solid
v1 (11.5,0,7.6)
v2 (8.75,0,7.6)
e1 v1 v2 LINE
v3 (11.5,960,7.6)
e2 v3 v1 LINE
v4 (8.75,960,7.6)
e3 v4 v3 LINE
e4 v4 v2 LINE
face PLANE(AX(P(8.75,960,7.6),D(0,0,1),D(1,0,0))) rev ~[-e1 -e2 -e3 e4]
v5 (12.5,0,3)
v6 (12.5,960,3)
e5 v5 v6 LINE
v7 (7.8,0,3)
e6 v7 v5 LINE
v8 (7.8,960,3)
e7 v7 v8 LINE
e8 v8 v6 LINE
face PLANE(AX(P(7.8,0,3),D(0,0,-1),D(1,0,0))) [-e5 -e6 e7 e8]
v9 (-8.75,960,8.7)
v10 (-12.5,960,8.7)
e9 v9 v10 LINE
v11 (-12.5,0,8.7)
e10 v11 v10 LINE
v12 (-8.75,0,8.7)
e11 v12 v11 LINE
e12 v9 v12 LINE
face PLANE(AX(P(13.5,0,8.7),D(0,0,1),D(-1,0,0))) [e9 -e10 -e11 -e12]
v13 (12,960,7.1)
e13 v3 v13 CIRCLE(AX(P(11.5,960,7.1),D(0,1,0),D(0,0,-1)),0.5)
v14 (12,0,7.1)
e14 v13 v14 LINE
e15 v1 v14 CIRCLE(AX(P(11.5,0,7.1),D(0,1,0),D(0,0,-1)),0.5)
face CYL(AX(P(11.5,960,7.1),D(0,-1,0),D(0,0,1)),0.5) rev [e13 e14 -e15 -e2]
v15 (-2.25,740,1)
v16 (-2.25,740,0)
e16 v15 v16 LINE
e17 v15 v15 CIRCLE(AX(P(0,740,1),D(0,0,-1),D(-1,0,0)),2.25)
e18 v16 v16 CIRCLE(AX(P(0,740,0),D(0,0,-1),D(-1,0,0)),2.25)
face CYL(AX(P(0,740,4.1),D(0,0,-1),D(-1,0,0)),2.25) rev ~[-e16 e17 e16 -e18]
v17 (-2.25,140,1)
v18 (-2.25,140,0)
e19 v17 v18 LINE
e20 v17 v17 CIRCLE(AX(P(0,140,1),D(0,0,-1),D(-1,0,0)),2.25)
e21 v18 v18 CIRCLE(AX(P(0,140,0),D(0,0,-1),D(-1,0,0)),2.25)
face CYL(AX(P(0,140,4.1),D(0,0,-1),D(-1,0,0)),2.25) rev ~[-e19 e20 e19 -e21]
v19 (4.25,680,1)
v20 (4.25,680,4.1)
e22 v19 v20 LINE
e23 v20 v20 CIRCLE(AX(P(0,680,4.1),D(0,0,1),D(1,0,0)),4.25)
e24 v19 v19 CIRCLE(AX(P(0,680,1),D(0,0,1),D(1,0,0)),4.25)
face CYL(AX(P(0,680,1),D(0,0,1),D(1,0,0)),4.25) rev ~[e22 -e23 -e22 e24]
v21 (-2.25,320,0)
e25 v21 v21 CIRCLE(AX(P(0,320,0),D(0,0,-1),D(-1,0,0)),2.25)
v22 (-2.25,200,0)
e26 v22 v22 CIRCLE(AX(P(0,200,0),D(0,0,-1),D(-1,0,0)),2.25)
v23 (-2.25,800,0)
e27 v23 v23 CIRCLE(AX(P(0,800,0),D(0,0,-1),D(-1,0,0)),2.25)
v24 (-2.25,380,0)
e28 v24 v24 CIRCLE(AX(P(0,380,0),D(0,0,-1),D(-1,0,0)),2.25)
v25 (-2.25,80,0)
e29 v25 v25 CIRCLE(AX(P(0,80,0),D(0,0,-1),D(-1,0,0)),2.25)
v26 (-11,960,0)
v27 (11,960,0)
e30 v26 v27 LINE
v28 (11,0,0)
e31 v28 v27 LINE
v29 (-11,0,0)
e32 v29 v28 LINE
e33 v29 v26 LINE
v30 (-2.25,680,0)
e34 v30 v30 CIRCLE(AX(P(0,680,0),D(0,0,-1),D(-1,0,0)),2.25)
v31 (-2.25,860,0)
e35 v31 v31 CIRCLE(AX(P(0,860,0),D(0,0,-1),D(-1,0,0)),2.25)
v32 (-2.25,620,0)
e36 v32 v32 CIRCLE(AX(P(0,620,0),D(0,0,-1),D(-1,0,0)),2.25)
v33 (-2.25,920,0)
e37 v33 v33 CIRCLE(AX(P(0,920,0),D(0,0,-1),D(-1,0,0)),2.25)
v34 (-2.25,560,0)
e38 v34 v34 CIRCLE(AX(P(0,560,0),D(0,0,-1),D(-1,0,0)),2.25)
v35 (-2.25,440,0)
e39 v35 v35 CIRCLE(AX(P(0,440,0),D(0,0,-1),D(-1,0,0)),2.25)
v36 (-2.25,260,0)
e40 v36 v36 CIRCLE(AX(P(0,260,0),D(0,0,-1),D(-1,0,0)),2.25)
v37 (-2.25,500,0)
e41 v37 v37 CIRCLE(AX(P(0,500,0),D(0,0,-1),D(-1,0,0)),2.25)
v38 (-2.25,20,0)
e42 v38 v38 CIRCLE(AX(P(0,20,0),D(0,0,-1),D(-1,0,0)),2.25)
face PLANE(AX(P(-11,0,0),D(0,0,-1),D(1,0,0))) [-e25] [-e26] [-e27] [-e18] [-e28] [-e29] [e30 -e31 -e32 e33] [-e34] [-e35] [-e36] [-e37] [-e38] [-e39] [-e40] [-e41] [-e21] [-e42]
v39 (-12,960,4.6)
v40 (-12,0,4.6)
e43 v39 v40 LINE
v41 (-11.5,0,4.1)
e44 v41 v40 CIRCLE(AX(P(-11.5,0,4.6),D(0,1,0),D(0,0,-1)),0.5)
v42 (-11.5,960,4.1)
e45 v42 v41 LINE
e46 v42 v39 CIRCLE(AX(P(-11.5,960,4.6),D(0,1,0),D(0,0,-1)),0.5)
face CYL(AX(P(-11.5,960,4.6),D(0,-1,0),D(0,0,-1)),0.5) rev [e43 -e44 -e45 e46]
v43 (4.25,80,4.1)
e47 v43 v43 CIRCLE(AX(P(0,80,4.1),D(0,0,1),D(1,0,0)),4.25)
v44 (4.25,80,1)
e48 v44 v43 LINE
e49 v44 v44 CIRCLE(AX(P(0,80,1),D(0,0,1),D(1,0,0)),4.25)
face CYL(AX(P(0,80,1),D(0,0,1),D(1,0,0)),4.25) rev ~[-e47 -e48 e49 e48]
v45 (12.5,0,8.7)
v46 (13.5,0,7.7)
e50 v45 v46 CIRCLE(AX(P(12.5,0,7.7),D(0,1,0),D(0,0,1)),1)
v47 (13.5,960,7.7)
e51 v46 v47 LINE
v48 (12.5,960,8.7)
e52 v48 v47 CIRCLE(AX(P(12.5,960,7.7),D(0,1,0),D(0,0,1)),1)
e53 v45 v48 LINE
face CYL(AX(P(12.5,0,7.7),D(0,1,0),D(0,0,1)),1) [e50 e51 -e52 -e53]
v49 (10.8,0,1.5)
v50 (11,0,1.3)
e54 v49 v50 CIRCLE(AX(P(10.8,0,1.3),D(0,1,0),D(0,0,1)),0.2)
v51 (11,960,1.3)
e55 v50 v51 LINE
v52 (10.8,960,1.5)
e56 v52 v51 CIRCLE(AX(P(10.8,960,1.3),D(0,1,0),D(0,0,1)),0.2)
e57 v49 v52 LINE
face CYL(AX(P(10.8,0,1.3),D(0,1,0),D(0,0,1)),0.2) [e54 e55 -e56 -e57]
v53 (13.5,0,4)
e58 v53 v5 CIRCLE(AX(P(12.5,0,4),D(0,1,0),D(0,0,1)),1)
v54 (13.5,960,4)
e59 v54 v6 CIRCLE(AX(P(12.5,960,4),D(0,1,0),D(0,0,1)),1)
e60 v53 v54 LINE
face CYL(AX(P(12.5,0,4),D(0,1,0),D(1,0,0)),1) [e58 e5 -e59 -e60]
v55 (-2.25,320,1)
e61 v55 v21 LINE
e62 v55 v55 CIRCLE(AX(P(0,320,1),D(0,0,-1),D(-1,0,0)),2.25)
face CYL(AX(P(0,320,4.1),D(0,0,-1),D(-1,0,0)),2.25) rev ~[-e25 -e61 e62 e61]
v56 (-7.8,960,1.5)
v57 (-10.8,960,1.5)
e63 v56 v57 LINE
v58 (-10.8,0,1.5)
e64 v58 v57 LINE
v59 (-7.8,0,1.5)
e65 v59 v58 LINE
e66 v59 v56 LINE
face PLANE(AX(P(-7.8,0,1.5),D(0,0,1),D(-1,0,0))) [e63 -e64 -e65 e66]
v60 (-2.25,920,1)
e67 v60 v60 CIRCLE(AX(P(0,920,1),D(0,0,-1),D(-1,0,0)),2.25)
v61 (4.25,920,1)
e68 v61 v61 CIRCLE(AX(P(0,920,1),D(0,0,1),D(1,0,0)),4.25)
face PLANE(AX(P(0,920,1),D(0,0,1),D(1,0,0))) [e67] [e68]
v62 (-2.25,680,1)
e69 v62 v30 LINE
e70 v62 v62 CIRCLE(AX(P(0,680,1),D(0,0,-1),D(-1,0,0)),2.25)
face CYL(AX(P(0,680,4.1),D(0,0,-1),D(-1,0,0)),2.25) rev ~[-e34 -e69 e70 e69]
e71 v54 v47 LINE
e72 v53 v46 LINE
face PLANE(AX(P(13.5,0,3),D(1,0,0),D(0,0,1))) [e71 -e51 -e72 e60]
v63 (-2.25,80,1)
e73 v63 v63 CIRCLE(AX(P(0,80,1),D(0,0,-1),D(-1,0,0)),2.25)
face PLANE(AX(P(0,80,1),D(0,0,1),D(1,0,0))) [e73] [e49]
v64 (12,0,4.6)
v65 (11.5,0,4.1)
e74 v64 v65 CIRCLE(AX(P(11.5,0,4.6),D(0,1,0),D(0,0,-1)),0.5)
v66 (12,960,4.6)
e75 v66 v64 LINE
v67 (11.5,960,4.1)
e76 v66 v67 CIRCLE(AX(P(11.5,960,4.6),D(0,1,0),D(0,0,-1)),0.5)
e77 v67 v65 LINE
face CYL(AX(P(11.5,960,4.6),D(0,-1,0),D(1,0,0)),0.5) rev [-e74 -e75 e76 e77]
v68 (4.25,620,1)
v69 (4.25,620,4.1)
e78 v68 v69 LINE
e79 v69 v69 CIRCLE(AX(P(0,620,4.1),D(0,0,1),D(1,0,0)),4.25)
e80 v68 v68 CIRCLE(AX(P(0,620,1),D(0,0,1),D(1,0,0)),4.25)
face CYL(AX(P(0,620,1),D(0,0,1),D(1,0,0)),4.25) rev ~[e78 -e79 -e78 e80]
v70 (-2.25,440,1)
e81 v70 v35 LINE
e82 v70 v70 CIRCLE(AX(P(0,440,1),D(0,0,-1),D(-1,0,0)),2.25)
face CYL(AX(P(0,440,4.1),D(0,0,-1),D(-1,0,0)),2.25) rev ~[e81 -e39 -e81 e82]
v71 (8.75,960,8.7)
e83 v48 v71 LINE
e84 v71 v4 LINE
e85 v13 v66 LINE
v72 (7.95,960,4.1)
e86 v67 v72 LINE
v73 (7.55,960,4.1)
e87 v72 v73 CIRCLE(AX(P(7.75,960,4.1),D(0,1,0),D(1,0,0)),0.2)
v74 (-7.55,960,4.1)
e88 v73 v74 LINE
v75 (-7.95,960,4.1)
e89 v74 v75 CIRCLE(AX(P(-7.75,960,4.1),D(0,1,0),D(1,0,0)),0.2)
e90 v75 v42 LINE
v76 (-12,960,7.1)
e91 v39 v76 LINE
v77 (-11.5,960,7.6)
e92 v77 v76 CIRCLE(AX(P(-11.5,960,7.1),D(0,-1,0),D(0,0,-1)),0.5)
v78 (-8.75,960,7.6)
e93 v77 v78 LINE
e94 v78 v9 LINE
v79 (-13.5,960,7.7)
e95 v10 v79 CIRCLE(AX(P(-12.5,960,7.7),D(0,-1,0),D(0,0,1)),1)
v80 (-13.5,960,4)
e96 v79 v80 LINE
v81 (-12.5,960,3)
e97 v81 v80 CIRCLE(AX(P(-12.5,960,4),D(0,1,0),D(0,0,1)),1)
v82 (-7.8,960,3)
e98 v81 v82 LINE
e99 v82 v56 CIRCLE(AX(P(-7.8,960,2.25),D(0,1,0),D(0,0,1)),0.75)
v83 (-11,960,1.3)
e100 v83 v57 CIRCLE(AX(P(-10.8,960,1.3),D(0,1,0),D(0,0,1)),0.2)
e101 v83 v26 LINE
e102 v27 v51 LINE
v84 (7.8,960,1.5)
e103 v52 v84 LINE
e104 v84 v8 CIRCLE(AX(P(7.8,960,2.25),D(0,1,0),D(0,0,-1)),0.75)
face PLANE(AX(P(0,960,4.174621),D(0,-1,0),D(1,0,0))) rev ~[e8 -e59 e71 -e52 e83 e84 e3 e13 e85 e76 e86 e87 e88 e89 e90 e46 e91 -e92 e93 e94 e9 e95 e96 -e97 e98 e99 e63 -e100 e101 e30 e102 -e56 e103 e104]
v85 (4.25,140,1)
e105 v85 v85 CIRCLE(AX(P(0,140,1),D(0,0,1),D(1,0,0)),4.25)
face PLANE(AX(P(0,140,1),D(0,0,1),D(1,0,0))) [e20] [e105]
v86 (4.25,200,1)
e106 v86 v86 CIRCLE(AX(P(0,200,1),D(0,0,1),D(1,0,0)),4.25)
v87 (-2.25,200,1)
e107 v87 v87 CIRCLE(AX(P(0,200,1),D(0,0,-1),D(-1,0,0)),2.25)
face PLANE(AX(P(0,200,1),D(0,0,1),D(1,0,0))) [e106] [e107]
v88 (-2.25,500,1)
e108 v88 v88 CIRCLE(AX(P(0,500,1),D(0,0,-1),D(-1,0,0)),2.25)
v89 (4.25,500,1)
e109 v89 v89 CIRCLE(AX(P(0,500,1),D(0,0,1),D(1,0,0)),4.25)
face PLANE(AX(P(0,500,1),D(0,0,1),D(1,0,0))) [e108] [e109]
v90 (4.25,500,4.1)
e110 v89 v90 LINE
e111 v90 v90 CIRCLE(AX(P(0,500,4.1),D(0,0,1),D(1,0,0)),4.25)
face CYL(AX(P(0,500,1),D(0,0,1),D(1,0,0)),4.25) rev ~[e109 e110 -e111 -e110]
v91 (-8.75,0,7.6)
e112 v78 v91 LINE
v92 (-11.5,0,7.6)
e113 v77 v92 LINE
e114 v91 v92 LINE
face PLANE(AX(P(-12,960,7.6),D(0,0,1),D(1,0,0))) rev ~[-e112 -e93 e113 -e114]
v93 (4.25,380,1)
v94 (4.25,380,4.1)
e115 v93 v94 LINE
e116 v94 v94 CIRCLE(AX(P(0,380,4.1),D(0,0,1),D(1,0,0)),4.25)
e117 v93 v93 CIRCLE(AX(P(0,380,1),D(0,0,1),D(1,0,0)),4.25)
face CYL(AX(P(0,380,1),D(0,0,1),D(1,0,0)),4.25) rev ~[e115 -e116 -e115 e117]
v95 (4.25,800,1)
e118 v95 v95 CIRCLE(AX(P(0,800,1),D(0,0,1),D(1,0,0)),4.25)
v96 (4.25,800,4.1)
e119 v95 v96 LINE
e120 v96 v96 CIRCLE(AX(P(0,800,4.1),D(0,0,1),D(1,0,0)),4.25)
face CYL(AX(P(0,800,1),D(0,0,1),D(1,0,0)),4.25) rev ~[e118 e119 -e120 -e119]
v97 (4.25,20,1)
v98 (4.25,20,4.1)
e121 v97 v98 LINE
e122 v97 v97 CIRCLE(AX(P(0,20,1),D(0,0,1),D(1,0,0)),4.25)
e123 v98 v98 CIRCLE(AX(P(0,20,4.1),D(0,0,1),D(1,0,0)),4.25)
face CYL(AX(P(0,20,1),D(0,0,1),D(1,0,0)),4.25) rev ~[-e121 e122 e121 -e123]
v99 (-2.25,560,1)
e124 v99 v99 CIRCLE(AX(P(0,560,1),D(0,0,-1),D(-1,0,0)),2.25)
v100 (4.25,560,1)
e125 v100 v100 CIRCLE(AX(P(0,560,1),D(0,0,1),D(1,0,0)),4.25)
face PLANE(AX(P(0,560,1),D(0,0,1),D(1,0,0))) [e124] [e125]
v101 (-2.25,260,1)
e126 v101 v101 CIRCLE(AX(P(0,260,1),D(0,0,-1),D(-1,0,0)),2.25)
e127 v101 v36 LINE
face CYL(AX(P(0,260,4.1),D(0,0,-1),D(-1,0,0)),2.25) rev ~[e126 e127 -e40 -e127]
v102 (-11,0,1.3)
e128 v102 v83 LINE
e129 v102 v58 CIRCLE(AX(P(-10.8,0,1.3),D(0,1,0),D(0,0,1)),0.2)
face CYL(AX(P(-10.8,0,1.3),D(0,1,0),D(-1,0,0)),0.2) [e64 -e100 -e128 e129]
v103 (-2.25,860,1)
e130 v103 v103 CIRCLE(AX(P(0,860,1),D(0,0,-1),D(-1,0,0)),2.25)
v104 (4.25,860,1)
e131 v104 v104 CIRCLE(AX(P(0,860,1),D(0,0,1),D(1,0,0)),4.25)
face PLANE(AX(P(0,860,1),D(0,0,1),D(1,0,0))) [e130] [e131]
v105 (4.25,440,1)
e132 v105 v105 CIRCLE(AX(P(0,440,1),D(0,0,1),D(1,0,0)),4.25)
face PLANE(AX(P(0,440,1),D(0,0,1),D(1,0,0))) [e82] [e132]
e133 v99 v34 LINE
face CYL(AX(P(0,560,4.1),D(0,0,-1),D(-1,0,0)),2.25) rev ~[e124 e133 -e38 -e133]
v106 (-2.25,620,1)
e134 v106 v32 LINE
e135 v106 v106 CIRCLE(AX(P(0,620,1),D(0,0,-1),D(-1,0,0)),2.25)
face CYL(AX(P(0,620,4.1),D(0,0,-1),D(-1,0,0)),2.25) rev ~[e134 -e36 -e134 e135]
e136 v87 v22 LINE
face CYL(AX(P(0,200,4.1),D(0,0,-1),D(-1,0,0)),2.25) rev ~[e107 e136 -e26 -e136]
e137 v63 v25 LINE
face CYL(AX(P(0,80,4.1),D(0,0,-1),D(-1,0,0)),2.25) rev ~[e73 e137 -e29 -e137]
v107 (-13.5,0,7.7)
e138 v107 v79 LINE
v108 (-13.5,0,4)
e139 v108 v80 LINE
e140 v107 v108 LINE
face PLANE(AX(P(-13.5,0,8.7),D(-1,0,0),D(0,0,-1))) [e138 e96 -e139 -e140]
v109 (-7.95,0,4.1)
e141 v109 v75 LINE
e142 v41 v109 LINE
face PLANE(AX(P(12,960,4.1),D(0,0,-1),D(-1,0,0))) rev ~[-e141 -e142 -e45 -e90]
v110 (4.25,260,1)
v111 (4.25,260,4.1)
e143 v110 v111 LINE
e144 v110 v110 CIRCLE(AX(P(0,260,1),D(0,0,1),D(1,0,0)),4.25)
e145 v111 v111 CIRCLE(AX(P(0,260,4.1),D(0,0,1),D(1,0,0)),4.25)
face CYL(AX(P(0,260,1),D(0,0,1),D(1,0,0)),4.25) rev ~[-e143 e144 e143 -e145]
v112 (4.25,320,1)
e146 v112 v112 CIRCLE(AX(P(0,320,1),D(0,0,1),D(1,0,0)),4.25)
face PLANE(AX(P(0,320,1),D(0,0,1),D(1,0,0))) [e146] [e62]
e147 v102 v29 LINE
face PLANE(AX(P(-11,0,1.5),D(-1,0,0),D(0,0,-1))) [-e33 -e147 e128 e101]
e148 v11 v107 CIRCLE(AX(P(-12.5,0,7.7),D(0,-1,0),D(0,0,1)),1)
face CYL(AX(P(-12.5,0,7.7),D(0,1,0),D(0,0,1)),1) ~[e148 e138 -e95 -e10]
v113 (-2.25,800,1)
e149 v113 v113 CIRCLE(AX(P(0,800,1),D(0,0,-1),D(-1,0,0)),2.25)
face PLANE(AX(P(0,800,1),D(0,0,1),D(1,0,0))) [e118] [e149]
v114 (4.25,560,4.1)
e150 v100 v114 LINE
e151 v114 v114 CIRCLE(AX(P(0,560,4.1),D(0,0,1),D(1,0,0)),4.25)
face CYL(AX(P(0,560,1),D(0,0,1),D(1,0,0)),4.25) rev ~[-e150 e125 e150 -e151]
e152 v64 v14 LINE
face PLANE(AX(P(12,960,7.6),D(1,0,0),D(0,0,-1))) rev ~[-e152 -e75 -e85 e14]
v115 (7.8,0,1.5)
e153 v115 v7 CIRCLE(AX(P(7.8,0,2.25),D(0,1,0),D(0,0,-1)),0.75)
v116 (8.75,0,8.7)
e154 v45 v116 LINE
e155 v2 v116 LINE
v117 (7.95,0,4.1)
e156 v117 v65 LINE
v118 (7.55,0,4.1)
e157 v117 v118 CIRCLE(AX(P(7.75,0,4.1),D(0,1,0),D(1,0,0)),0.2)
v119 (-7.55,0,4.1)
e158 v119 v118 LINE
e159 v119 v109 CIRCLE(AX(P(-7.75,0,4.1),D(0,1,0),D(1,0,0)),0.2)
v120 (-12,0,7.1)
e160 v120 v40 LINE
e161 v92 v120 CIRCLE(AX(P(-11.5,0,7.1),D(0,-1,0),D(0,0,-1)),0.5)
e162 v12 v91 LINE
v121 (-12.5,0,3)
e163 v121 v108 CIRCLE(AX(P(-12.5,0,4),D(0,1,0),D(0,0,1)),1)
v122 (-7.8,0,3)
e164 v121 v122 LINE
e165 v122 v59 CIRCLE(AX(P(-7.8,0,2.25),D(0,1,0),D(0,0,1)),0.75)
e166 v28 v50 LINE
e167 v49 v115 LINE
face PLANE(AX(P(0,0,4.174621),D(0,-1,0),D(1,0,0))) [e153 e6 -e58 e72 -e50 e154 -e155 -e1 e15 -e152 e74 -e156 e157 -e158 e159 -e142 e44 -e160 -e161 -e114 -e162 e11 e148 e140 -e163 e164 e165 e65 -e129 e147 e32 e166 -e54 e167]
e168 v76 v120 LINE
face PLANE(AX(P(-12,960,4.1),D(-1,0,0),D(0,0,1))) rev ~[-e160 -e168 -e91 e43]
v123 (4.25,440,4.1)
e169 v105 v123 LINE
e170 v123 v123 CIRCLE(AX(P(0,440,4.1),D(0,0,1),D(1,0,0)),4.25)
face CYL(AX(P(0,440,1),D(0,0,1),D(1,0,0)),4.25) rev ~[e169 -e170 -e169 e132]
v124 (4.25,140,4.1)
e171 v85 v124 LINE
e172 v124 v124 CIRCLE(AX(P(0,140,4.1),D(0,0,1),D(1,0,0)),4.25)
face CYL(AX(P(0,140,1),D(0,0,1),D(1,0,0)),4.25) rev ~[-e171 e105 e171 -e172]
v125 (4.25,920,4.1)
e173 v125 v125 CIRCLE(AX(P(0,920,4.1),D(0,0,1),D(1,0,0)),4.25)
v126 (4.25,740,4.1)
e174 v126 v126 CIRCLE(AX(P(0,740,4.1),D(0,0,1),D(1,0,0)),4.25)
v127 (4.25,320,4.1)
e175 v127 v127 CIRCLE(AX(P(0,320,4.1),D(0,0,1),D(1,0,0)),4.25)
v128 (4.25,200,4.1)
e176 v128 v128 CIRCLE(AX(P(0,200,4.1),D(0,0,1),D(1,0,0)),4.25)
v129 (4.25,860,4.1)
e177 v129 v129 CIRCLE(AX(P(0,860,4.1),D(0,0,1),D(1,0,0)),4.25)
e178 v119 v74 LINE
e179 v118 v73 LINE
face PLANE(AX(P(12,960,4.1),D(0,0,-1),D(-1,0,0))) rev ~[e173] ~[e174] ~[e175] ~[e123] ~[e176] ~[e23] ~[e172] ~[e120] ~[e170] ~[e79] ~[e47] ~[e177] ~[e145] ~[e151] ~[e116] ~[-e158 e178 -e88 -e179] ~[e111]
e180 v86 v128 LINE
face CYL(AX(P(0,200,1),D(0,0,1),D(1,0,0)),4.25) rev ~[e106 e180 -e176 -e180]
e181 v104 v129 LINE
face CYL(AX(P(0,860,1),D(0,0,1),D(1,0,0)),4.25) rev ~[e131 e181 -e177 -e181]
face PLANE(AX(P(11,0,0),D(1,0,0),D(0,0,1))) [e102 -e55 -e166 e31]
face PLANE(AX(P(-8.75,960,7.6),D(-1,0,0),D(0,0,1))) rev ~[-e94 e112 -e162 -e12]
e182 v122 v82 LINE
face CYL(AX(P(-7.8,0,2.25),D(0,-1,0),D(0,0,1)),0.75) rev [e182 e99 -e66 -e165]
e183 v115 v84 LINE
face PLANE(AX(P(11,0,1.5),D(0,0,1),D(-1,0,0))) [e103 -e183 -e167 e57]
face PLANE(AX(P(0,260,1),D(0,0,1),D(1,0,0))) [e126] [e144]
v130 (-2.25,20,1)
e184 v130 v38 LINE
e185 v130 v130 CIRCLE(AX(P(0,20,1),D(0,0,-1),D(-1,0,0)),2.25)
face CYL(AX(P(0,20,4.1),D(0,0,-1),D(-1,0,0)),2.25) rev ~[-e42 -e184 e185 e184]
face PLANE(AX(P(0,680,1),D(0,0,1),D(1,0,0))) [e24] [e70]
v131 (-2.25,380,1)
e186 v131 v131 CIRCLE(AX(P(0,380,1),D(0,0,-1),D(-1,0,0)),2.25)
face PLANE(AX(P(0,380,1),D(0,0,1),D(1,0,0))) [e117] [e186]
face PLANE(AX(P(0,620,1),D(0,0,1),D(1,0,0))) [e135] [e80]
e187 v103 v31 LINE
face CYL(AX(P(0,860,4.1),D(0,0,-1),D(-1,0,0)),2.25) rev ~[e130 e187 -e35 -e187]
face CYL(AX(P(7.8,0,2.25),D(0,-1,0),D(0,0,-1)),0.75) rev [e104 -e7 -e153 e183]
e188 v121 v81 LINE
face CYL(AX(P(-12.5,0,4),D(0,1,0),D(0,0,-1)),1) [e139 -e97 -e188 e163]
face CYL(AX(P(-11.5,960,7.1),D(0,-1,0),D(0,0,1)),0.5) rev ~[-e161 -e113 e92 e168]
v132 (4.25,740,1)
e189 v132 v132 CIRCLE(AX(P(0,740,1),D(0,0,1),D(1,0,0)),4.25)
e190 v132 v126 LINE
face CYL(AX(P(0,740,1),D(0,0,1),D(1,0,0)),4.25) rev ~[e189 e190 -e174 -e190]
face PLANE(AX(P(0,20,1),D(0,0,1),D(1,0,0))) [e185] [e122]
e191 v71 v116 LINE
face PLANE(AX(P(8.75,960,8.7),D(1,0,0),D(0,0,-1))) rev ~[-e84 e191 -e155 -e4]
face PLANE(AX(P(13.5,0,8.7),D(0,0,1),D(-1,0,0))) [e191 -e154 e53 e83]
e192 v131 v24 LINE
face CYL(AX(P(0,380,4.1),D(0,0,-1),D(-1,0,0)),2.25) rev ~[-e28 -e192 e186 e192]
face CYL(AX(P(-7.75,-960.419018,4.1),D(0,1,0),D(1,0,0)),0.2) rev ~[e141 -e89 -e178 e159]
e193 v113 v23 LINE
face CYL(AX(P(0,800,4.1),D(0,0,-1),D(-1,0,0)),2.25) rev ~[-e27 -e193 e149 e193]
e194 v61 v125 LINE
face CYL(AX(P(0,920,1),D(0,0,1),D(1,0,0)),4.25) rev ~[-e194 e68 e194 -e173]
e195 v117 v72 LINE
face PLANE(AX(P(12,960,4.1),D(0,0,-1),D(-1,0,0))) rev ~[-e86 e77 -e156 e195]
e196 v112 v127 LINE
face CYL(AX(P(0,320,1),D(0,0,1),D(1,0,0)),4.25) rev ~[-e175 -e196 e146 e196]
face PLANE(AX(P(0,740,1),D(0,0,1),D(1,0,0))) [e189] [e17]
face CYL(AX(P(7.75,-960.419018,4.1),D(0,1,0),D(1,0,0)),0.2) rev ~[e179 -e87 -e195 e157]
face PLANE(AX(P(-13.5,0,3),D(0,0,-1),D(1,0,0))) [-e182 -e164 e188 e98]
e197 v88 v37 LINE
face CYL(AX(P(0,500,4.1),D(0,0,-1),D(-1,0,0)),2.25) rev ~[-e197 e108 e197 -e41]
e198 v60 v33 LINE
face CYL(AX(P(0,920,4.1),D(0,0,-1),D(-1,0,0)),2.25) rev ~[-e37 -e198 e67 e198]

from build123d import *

# Parameters (mm, degrees)
BOSS_EXTRU_1_DEPTH                                 = 960
ENL_V_MAT_EXTRU_1_DEPTH                            = 961.134334351
DIAM_TRE_DU_PER_AGE_0_4_0_4_1_D                    = 0.4
CHAMBRAGE_POUR_VIS_T_TE_HEXAGONALE_M41_D           = 4.5
CHAMBRAGE_POUR_VIS_T_TE_HEXAGONALE_M41_CBORE_D     = 8.5
CHAMBRAGE_POUR_VIS_T_TE_HEXAGONALE_M41_CBORE_DEPTH = 3.1
CONG_1_R                                           = 0.2
CONG_2_R                                           = 0.5
CONG_3_R                                           = 1
R_P_TITION_LIN_AIRE1_COUNT                         = 16
R_P_TITION_LIN_AIRE1_PITCH                         = 60


with BuildPart() as part:
    # Esquisse1 → Boss.-Extru.1 (new body)
    with BuildSketch(Plane.XZ):
        with BuildLine():
            Line((13.5, 3), (13.5, 8.7))
            Line((13.5, 8.7), (-13.5, 8.7))
            Line((-13.5, 8.7), (-13.5, 3))
            Line((-13.5, 3), (-7.8, 3))
            ThreePointArc((-7.8, 3), (-7.05, 2.25), (-7.8, 1.5))
            Line((-7.8, 1.5), (-11, 1.5))
            Line((-11, 1.5), (-11, 0))
            Line((-11, 0), (11, 0))
            Line((11, 0), (11, 1.5))
            Line((11, 1.5), (7.8, 1.5))
            ThreePointArc((7.8, 1.5), (7.05, 2.25), (7.8, 3))
            Line((7.8, 3), (13.5, 3))
        make_face()
    extrude(amount=-BOSS_EXTRU_1_DEPTH)

    # Esquisse2 → Enlèv. mat.-Extru.1 (cut, through all)
    with BuildSketch(Plane(origin=(0, 960, 0), x_dir=(-1, 0, 0), z_dir=(0, 1, 0))):
        Polygon((8.75, 8.7), (-8.75, 8.7), (-8.75, 7.6), (-12, 7.6), (-12, 4.1), (12, 4.1), (12, 7.6), (8.75, 7.6), align=None)
    extrude(amount=-ENL_V_MAT_EXTRU_1_DEPTH, mode=Mode.SUBTRACT)

    # Diamètre du perçage Ø0.4 (0.4)1 (through all)
    with Locations(Plane(origin=(0, 0, 0), x_dir=(-1, 0, 0), z_dir=(0, -1, 0))):
        with Locations((7.75, -4.1), (-7.75, -4.1)):
            Hole(DIAM_TRE_DU_PER_AGE_0_4_0_4_1_D / 2)

    # Chambrage pour vis à tête hexagonale M41 (through all)
    with Locations(Plane.XY.offset(4.1)):
        with Locations((0, 20), (0, 80)):
            chambrage_pour_vis_t_te_hexagonale_m41 = CounterBoreHole(CHAMBRAGE_POUR_VIS_T_TE_HEXAGONALE_M41_D / 2, CHAMBRAGE_POUR_VIS_T_TE_HEXAGONALE_M41_CBORE_D / 2, CHAMBRAGE_POUR_VIS_T_TE_HEXAGONALE_M41_CBORE_DEPTH)

    # Congé1
    cong_1_edges = [part.edges().sort_by_distance(p)[0] for p in [
        (11, 480, 1.5),
        (-11, 480, 1.5),
    ]]
    fillet(cong_1_edges, radius=CONG_1_R)

    # Congé2
    cong_2_edges = [part.edges().sort_by_distance(p)[0] for p in [
        (-12, 480, 7.6),
        (-12, 480, 4.1),
        (12, 480, 4.1),
        (12, 480, 7.6),
    ]]
    fillet(cong_2_edges, radius=CONG_2_R)

    # Congé3
    cong_3_edges = [part.edges().sort_by_distance(p)[0] for p in [
        (-13.5, 480, 3),
        (-13.5, 480, 8.7),
        (13.5, 480, 8.7),
        (13.5, 480, 3),
    ]]
    fillet(cong_3_edges, radius=CONG_3_R)

    # Répétition linéaire1: Chambrage pour vis à tête hexagonale M41 ×16
    with Locations(*[(0, i * R_P_TITION_LIN_AIRE1_PITCH, 0) for i in range(1, R_P_TITION_LIN_AIRE1_COUNT)]):
        add(chambrage_pour_vis_t_te_hexagonale_m41, mode=Mode.SUBTRACT)


solid = part.part
